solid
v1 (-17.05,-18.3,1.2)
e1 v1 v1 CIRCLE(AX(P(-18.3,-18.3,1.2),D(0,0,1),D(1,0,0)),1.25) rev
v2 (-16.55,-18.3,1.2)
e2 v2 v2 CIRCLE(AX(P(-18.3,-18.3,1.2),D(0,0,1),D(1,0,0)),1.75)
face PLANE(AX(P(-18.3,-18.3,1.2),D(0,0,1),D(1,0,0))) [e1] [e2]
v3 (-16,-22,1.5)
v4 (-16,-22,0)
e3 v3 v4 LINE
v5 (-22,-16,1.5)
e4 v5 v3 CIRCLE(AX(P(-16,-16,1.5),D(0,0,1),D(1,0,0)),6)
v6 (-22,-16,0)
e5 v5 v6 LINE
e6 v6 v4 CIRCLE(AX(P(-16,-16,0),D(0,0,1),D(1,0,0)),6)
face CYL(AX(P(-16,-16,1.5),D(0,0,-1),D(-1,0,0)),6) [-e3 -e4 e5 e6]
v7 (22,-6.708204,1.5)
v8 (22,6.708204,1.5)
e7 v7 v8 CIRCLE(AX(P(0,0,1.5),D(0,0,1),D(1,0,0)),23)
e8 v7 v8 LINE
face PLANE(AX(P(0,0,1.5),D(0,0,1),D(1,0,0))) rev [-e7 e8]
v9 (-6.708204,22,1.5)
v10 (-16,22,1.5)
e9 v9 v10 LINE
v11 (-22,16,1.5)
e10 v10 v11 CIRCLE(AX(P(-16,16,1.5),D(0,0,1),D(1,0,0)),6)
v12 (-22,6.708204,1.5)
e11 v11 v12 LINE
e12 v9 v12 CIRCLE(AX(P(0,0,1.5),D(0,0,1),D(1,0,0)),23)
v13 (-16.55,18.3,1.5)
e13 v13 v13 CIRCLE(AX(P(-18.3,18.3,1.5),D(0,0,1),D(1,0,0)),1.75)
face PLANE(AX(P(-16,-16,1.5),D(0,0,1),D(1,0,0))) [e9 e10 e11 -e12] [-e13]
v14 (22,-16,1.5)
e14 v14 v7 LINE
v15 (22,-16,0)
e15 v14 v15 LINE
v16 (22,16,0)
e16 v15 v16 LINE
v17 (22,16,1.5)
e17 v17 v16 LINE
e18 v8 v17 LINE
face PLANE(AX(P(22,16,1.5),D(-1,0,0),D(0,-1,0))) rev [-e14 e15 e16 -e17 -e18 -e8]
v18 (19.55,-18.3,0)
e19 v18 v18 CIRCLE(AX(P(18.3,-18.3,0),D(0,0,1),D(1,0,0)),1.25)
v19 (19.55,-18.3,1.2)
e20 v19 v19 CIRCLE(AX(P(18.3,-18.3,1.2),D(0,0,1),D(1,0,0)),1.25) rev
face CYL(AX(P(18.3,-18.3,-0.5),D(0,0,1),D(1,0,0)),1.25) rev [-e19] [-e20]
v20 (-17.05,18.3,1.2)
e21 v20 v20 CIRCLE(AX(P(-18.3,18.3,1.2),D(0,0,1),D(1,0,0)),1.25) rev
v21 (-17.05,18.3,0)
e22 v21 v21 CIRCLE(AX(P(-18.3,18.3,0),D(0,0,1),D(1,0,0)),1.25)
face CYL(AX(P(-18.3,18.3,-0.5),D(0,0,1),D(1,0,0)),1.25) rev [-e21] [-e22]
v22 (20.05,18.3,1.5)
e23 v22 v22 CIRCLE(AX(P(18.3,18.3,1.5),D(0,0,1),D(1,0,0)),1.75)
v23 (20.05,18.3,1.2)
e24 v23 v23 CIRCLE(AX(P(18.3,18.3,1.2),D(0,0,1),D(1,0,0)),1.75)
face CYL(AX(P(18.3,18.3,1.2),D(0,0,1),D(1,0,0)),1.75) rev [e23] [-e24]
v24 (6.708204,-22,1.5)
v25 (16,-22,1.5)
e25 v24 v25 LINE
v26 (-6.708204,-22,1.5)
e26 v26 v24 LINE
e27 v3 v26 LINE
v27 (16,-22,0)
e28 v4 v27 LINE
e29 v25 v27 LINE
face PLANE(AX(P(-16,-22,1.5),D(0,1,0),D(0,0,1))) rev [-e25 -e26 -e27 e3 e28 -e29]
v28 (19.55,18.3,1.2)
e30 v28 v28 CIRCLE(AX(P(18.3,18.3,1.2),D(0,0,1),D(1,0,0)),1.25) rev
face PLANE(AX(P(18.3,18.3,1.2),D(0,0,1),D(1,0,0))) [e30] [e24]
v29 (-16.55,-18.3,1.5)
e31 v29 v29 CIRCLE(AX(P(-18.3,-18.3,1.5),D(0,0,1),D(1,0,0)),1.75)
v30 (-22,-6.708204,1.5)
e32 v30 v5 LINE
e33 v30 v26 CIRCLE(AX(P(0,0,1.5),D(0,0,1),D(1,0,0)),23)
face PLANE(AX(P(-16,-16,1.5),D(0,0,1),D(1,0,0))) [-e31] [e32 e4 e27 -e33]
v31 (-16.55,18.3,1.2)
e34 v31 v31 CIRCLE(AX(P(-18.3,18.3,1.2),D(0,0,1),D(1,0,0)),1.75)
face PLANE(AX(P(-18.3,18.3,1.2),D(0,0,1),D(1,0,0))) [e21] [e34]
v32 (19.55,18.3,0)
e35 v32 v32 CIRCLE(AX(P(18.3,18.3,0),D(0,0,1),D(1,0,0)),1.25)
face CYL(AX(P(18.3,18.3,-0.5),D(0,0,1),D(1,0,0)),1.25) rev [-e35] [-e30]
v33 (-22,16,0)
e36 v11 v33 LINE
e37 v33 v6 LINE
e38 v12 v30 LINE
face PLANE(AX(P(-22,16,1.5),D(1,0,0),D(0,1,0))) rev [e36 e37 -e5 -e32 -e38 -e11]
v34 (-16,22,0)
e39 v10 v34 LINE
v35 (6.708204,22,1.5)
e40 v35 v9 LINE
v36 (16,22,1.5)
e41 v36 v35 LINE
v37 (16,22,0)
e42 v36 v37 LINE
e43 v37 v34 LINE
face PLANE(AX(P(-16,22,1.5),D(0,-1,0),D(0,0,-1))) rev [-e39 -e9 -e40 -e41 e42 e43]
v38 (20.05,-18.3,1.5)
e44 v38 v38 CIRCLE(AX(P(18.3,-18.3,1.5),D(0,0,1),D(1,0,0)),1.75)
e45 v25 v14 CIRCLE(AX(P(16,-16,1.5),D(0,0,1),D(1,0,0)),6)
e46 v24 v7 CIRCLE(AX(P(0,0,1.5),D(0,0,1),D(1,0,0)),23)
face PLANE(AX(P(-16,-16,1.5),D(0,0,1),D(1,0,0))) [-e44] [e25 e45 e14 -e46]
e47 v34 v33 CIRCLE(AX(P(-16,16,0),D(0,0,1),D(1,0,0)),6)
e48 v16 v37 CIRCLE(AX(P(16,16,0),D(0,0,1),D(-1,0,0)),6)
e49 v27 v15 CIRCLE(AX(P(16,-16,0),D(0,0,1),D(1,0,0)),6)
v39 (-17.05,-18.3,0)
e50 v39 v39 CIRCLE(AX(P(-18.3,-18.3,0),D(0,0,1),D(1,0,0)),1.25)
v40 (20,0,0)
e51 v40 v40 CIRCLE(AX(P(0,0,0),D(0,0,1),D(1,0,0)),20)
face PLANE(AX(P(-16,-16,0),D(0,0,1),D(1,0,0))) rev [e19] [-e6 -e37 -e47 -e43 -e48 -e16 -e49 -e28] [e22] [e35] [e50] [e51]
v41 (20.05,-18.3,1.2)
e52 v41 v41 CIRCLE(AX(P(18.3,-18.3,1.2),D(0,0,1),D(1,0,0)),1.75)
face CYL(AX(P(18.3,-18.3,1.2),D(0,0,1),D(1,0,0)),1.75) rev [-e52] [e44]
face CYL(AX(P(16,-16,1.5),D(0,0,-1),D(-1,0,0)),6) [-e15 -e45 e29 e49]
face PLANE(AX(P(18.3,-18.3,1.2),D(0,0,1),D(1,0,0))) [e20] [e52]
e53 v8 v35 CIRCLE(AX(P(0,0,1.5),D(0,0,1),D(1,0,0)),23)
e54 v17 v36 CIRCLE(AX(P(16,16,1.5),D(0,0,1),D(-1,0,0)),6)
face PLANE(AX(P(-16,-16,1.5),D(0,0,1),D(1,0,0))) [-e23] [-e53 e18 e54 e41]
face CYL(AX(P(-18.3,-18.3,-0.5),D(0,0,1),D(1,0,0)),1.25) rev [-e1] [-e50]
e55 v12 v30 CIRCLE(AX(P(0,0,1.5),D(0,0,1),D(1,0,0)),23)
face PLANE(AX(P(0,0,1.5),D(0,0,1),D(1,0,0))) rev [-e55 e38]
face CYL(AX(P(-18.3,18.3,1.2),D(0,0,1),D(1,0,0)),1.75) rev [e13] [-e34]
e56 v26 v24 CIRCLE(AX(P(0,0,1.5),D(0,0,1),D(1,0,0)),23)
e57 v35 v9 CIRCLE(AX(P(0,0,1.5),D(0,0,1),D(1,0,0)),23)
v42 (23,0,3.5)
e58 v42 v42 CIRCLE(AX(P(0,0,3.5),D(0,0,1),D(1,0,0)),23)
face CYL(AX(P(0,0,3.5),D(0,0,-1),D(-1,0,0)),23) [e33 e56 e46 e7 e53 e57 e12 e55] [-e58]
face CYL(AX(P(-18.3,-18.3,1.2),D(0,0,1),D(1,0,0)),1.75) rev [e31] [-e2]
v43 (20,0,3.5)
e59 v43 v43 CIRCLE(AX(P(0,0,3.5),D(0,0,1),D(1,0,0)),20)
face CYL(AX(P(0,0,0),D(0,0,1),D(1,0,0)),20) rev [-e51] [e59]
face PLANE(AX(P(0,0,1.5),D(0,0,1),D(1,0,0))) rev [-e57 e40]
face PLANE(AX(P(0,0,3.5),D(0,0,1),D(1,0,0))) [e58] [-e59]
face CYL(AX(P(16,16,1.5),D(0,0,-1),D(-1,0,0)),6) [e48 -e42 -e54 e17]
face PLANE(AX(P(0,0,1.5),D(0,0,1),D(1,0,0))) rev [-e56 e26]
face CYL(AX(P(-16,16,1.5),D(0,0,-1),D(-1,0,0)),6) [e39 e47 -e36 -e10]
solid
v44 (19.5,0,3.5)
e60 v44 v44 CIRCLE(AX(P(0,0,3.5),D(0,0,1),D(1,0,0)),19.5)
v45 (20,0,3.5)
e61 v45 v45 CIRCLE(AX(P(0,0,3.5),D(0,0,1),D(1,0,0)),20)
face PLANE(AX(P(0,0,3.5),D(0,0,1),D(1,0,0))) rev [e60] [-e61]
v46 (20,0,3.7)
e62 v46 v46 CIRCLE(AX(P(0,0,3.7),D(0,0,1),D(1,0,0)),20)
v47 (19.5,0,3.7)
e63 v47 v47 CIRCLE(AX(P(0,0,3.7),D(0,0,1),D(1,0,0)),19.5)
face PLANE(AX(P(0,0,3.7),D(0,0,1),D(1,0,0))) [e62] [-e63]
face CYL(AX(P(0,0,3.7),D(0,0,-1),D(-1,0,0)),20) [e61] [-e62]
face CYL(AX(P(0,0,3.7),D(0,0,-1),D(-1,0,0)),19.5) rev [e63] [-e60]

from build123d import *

# Parameters (mm, degrees)
SALIENTE_EXTRUIR1_DEPTH = 1.5
CROQUIS2_R              = 20
CORTAR_EXTRUIR1_DEPTH   = 2.5
CROQUIS3_R              = 23
CROQUIS3_R_2            = 20
SALIENTE_EXTRUIR2_DEPTH = 2
CROQUIS4_R              = 1.25
CORTAR_EXTRUIR2_DEPTH   = 2
CROQUIS6_R              = 1.75
CORTAR_EXTRUIR3_DEPTH   = 0.3
CROQUIS7_R              = 20
CROQUIS7_R_2            = 19.5
SALIENTE_EXTRUIR3_DEPTH = 0.2


with BuildPart() as part:
    # Croquis1 → Saliente-Extruir1 (new body)
    with BuildSketch(Plane.XY):
        with BuildLine():
            Line((-16, 22), (16, 22))
            ThreePointArc((16, 22), (20.242640687, 20.242640687), (22, 16))
            Line((22, 16), (22, -16))
            ThreePointArc((22, -16), (20.242640687, -20.242640687), (16, -22))
            Line((16, -22), (-16, -22))
            ThreePointArc((-16, -22), (-20.242640687, -20.242640687), (-22, -16))
            Line((-22, -16), (-22, 16))
            ThreePointArc((-22, 16), (-20.242640687, 20.242640687), (-16, 22))
        make_face()
    extrude(amount=SALIENTE_EXTRUIR1_DEPTH)

    # Croquis2 → Cortar-Extruir1 (cut, through all)
    with BuildSketch(Plane.XY.offset(1.5)):
        Circle(CROQUIS2_R)
    extrude(amount=-CORTAR_EXTRUIR1_DEPTH, mode=Mode.SUBTRACT)

    # Croquis3 → Saliente-Extruir2 (add)
    with BuildSketch(Plane.XY.offset(1.5)):
        Circle(CROQUIS3_R)
        Circle(CROQUIS3_R_2, mode=Mode.SUBTRACT)
    extrude(amount=SALIENTE_EXTRUIR2_DEPTH)

    # Croquis4 → Cortar-Extruir2 (cut)
    with BuildSketch(Plane.XY.offset(1.5)):
        with Locations((18.3, 18.3)):
            Circle(CROQUIS4_R)
        with Locations((-18.3, 18.3)):
            Circle(CROQUIS4_R)
        with Locations((18.3, -18.3)):
            Circle(CROQUIS4_R)
        with Locations((-18.3, -18.3)):
            Circle(CROQUIS4_R)
    extrude(amount=-CORTAR_EXTRUIR2_DEPTH, mode=Mode.SUBTRACT)

    # Croquis6 → Cortar-Extruir3 (cut)
    with BuildSketch(Plane.XY.offset(1.5)):
        with Locations((18.3, 18.3)):
            Circle(CROQUIS6_R)
        with Locations((-18.3, 18.3)):
            Circle(CROQUIS6_R)
        with Locations((-18.3, -18.3)):
            Circle(CROQUIS6_R)
        with Locations((18.3, -18.3)):
            Circle(CROQUIS6_R)
    extrude(amount=-CORTAR_EXTRUIR3_DEPTH, mode=Mode.SUBTRACT)


with BuildPart() as body_2:
    # Croquis7 → Saliente-Extruir3 (new body)
    with BuildSketch(Plane.XY.offset(3.5)):
        Circle(CROQUIS7_R)
        Circle(CROQUIS7_R_2, mode=Mode.SUBTRACT)
    extrude(amount=SALIENTE_EXTRUIR3_DEPTH)


solid = Compound([part.part, body_2.part])
